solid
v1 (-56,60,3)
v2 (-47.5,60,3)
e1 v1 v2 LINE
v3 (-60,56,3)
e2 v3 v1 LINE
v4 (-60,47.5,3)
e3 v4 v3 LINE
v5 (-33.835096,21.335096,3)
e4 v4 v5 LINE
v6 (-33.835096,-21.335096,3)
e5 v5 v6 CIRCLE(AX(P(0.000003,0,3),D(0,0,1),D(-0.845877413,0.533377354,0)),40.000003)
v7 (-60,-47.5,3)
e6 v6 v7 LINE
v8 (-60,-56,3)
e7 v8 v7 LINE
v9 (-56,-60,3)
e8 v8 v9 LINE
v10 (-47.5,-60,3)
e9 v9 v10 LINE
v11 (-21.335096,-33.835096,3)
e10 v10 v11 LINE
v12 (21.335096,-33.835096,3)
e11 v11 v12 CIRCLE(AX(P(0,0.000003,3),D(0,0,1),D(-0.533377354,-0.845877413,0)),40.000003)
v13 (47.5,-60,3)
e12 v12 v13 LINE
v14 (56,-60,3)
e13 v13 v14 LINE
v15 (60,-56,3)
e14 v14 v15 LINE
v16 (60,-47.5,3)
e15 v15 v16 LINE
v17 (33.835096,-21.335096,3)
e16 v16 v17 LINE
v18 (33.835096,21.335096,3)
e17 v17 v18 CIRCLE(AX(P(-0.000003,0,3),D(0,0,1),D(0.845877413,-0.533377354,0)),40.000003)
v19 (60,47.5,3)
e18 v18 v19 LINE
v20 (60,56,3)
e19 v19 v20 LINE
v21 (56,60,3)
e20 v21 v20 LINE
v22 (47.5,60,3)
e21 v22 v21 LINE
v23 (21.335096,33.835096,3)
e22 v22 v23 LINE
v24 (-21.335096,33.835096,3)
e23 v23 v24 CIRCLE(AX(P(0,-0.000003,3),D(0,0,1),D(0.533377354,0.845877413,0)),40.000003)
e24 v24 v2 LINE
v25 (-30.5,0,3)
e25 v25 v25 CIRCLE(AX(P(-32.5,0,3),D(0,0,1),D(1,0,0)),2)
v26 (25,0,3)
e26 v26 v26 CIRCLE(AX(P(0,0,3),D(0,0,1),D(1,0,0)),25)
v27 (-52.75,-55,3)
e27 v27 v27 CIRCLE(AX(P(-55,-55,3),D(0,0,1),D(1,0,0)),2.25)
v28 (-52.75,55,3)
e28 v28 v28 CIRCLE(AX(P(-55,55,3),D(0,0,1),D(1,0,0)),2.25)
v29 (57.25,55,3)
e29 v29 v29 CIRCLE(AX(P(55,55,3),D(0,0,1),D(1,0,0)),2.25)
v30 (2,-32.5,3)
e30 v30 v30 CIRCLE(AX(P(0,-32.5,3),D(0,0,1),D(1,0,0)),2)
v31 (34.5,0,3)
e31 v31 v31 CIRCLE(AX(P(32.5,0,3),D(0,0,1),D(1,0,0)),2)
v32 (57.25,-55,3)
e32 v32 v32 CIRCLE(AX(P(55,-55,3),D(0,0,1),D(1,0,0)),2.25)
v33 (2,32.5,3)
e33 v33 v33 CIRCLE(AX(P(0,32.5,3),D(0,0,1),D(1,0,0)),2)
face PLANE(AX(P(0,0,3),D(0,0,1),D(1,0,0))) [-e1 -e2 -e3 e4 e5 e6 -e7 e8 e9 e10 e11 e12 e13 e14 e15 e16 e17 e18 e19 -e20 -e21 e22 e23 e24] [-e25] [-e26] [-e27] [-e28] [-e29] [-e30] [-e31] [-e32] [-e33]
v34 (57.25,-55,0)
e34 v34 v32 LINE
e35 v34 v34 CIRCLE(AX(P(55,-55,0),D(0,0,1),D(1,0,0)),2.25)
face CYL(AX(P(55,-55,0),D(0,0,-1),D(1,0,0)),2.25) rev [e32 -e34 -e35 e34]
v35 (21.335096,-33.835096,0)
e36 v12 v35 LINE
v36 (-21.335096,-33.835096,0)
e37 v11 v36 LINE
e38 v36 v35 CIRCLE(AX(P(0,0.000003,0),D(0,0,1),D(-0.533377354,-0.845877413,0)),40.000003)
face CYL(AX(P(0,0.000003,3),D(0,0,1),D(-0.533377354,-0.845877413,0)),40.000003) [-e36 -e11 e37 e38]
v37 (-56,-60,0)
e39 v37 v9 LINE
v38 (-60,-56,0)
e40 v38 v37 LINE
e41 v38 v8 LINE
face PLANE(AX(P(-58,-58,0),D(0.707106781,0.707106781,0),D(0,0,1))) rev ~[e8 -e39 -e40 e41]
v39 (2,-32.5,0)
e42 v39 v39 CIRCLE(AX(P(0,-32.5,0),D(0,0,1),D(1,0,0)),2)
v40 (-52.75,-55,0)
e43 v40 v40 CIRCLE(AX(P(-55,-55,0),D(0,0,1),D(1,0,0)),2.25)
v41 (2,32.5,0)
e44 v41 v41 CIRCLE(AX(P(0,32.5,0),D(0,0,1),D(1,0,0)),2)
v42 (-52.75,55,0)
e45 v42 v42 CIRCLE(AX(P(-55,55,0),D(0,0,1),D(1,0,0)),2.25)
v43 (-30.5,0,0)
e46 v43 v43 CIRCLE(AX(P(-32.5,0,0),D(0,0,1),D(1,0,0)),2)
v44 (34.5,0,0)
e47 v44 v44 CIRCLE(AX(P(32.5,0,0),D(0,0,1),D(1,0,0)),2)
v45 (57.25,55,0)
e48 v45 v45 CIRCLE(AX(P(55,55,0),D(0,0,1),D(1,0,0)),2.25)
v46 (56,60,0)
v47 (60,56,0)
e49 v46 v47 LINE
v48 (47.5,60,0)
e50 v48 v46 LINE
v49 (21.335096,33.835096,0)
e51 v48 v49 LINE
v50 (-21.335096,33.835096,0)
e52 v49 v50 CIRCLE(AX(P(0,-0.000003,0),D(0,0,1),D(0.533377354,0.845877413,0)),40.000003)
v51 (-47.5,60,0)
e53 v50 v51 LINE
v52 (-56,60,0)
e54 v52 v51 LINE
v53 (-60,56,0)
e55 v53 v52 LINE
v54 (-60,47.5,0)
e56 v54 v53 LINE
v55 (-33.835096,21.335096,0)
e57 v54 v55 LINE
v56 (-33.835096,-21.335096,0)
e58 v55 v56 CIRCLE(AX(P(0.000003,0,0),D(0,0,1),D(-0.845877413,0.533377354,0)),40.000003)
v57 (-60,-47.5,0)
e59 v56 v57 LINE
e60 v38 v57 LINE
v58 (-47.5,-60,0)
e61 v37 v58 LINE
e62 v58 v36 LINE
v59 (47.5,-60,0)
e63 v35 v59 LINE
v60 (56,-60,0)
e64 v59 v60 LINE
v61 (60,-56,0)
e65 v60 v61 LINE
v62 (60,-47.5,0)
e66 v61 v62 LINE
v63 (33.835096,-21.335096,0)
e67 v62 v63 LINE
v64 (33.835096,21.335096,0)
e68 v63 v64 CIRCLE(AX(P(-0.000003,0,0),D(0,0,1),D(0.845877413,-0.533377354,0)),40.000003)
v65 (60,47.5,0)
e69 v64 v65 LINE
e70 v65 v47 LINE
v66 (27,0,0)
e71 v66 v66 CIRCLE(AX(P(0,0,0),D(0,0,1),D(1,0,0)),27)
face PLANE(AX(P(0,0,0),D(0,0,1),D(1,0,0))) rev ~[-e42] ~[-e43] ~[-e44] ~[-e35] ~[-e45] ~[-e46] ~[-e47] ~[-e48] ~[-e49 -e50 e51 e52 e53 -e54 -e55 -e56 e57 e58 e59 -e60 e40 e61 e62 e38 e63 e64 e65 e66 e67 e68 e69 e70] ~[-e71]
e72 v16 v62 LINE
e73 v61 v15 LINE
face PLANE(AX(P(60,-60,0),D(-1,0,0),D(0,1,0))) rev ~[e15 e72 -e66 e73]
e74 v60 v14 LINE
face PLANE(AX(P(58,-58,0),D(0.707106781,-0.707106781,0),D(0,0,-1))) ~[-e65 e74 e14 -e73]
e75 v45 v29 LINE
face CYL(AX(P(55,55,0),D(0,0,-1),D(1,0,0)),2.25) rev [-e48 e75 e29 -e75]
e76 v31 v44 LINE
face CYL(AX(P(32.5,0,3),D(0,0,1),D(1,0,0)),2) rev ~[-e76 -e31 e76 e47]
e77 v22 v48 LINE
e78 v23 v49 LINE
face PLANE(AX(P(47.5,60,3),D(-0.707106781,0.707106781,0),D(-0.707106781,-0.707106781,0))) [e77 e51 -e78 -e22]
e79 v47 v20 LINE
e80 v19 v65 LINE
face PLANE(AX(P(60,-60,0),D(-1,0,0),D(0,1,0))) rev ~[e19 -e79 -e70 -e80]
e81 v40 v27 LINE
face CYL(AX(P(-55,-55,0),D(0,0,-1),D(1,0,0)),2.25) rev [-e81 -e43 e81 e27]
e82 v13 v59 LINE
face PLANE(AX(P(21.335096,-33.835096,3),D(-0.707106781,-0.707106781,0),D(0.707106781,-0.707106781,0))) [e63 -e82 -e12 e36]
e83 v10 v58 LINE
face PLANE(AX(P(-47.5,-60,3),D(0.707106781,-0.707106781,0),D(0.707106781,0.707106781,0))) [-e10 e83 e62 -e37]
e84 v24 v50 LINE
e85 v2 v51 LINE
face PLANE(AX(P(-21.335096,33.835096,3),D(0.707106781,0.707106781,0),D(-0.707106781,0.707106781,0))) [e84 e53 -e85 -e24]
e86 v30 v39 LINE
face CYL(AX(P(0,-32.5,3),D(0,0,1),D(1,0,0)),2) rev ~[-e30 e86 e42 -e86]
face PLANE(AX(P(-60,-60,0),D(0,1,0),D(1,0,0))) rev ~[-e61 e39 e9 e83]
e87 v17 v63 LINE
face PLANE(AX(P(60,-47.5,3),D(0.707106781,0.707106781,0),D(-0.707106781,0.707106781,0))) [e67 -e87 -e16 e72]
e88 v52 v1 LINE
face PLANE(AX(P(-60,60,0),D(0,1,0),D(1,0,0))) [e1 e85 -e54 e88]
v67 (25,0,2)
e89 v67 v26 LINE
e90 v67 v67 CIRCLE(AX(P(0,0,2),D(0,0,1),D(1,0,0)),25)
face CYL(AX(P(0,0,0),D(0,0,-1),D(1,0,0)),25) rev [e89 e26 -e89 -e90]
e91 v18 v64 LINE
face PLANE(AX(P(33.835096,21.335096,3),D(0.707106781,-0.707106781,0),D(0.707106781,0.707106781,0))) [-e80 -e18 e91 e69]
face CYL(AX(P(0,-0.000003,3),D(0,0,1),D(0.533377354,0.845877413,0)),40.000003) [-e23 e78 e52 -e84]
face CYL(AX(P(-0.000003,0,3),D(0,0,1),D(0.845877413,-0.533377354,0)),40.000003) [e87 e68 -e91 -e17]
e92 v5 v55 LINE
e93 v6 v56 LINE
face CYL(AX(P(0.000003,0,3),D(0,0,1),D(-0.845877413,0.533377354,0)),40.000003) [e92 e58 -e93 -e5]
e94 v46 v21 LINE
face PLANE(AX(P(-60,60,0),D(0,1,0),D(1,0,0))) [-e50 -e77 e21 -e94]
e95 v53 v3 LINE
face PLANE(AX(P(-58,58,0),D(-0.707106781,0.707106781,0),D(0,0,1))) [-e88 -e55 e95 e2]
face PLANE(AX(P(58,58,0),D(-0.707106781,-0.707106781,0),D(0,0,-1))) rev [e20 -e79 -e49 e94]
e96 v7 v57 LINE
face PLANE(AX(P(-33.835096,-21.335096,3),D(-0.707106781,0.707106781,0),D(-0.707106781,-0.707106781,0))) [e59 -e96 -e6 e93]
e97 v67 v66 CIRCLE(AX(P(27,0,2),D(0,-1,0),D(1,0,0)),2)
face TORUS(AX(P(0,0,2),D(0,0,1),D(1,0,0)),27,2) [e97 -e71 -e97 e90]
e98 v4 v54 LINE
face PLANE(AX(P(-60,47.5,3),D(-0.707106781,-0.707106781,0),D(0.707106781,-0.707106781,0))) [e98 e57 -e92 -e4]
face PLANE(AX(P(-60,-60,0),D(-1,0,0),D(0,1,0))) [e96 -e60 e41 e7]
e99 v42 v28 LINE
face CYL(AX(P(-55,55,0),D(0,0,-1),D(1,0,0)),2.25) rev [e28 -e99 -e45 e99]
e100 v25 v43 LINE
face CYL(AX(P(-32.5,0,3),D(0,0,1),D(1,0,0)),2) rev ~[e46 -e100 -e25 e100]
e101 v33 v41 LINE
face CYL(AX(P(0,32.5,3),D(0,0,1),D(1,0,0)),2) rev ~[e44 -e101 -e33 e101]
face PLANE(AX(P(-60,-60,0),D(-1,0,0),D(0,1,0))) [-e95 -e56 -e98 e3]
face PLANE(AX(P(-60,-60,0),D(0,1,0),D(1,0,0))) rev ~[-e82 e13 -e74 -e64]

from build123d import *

# Parameters (mm, degrees)
SKETCH_W     = 120
SKETCH_H     = 120
SKETCH_R     = 2.25
SKETCH_R_2   = 25
PAD_DEPTH    = 3
FILLET_R     = 2
CHAMFER_SIZE = 4
SKETCH001_R  = 2
POCKET_DEPTH = 3.001


with BuildPart() as part:
    # Sketch → Pad (new body)
    with BuildSketch(Plane.XY):
        Rectangle(SKETCH_W, SKETCH_H)
        with Locations((-55, 55)):
            Circle(SKETCH_R, mode=Mode.SUBTRACT)
        with Locations((55, 55)):
            Circle(SKETCH_R, mode=Mode.SUBTRACT)
        with Locations((55, -55)):
            Circle(SKETCH_R, mode=Mode.SUBTRACT)
        with Locations((-55, -55)):
            Circle(SKETCH_R, mode=Mode.SUBTRACT)
        Circle(SKETCH_R_2, mode=Mode.SUBTRACT)
    extrude(amount=PAD_DEPTH)

    # Fillet
    fillet_edges = [part.edges().sort_by_distance(p)[0] for p in [
        (-25, 0, 0),
    ]]
    fillet(fillet_edges, radius=FILLET_R)

    # Chamfer
    chamfer_edges = [part.edges().sort_by_distance(p)[0] for p in [
        (-60, -60, 1.5),
        (60, -60, 1.5),
        (60, 60, 1.5),
        (-60, 60, 1.5),
    ]]
    chamfer(chamfer_edges, length=CHAMFER_SIZE)

    # Sketch001 (on Face1 of Chamfer) → Pocket (cut, through all)
    with BuildSketch(Plane.XY.offset(3)):
        with Locations((0, 32.5)):
            Circle(SKETCH001_R)
        with Locations((32.5, 0)):
            Circle(SKETCH001_R)
        with Locations((0, -32.5)):
            Circle(SKETCH001_R)
        with Locations((-32.5, 0)):
            Circle(SKETCH001_R)
        with BuildLine():
            Line((-60, 47.5), (-33.835096, 21.335096))
            ThreePointArc((-33.835096, 21.335096), (-40, 0), (-33.835096, -21.335096))
            Line((-33.835096, -21.335096), (-60, -47.5))
            Line((-60, 47.5), (-60, -47.5))
        make_face()
        with BuildLine():
            Line((-47.5, -60), (-21.335096, -33.835096))
            ThreePointArc((-21.335096, -33.835096), (0, -40), (21.335096, -33.835096))
            Line((21.335096, -33.835096), (47.5, -60))
            Line((-47.5, -60), (47.5, -60))
        make_face()
        with BuildLine():
            Line((60, -47.5), (33.835096, -21.335096))
            ThreePointArc((33.835096, -21.335096), (40, 0), (33.835096, 21.335096))
            Line((33.835096, 21.335096), (60, 47.5))
            Line((60, -47.5), (60, 47.5))
        make_face()
        with BuildLine():
            Line((47.5, 60), (21.335096, 33.835096))
            ThreePointArc((21.335096, 33.835096), (0, 40), (-21.335096, 33.835096))
            Line((-21.335096, 33.835096), (-47.5, 60))
            Line((47.5, 60), (-47.5, 60))
        make_face()
    extrude(amount=-POCKET_DEPTH, mode=Mode.SUBTRACT)


solid = part.part
